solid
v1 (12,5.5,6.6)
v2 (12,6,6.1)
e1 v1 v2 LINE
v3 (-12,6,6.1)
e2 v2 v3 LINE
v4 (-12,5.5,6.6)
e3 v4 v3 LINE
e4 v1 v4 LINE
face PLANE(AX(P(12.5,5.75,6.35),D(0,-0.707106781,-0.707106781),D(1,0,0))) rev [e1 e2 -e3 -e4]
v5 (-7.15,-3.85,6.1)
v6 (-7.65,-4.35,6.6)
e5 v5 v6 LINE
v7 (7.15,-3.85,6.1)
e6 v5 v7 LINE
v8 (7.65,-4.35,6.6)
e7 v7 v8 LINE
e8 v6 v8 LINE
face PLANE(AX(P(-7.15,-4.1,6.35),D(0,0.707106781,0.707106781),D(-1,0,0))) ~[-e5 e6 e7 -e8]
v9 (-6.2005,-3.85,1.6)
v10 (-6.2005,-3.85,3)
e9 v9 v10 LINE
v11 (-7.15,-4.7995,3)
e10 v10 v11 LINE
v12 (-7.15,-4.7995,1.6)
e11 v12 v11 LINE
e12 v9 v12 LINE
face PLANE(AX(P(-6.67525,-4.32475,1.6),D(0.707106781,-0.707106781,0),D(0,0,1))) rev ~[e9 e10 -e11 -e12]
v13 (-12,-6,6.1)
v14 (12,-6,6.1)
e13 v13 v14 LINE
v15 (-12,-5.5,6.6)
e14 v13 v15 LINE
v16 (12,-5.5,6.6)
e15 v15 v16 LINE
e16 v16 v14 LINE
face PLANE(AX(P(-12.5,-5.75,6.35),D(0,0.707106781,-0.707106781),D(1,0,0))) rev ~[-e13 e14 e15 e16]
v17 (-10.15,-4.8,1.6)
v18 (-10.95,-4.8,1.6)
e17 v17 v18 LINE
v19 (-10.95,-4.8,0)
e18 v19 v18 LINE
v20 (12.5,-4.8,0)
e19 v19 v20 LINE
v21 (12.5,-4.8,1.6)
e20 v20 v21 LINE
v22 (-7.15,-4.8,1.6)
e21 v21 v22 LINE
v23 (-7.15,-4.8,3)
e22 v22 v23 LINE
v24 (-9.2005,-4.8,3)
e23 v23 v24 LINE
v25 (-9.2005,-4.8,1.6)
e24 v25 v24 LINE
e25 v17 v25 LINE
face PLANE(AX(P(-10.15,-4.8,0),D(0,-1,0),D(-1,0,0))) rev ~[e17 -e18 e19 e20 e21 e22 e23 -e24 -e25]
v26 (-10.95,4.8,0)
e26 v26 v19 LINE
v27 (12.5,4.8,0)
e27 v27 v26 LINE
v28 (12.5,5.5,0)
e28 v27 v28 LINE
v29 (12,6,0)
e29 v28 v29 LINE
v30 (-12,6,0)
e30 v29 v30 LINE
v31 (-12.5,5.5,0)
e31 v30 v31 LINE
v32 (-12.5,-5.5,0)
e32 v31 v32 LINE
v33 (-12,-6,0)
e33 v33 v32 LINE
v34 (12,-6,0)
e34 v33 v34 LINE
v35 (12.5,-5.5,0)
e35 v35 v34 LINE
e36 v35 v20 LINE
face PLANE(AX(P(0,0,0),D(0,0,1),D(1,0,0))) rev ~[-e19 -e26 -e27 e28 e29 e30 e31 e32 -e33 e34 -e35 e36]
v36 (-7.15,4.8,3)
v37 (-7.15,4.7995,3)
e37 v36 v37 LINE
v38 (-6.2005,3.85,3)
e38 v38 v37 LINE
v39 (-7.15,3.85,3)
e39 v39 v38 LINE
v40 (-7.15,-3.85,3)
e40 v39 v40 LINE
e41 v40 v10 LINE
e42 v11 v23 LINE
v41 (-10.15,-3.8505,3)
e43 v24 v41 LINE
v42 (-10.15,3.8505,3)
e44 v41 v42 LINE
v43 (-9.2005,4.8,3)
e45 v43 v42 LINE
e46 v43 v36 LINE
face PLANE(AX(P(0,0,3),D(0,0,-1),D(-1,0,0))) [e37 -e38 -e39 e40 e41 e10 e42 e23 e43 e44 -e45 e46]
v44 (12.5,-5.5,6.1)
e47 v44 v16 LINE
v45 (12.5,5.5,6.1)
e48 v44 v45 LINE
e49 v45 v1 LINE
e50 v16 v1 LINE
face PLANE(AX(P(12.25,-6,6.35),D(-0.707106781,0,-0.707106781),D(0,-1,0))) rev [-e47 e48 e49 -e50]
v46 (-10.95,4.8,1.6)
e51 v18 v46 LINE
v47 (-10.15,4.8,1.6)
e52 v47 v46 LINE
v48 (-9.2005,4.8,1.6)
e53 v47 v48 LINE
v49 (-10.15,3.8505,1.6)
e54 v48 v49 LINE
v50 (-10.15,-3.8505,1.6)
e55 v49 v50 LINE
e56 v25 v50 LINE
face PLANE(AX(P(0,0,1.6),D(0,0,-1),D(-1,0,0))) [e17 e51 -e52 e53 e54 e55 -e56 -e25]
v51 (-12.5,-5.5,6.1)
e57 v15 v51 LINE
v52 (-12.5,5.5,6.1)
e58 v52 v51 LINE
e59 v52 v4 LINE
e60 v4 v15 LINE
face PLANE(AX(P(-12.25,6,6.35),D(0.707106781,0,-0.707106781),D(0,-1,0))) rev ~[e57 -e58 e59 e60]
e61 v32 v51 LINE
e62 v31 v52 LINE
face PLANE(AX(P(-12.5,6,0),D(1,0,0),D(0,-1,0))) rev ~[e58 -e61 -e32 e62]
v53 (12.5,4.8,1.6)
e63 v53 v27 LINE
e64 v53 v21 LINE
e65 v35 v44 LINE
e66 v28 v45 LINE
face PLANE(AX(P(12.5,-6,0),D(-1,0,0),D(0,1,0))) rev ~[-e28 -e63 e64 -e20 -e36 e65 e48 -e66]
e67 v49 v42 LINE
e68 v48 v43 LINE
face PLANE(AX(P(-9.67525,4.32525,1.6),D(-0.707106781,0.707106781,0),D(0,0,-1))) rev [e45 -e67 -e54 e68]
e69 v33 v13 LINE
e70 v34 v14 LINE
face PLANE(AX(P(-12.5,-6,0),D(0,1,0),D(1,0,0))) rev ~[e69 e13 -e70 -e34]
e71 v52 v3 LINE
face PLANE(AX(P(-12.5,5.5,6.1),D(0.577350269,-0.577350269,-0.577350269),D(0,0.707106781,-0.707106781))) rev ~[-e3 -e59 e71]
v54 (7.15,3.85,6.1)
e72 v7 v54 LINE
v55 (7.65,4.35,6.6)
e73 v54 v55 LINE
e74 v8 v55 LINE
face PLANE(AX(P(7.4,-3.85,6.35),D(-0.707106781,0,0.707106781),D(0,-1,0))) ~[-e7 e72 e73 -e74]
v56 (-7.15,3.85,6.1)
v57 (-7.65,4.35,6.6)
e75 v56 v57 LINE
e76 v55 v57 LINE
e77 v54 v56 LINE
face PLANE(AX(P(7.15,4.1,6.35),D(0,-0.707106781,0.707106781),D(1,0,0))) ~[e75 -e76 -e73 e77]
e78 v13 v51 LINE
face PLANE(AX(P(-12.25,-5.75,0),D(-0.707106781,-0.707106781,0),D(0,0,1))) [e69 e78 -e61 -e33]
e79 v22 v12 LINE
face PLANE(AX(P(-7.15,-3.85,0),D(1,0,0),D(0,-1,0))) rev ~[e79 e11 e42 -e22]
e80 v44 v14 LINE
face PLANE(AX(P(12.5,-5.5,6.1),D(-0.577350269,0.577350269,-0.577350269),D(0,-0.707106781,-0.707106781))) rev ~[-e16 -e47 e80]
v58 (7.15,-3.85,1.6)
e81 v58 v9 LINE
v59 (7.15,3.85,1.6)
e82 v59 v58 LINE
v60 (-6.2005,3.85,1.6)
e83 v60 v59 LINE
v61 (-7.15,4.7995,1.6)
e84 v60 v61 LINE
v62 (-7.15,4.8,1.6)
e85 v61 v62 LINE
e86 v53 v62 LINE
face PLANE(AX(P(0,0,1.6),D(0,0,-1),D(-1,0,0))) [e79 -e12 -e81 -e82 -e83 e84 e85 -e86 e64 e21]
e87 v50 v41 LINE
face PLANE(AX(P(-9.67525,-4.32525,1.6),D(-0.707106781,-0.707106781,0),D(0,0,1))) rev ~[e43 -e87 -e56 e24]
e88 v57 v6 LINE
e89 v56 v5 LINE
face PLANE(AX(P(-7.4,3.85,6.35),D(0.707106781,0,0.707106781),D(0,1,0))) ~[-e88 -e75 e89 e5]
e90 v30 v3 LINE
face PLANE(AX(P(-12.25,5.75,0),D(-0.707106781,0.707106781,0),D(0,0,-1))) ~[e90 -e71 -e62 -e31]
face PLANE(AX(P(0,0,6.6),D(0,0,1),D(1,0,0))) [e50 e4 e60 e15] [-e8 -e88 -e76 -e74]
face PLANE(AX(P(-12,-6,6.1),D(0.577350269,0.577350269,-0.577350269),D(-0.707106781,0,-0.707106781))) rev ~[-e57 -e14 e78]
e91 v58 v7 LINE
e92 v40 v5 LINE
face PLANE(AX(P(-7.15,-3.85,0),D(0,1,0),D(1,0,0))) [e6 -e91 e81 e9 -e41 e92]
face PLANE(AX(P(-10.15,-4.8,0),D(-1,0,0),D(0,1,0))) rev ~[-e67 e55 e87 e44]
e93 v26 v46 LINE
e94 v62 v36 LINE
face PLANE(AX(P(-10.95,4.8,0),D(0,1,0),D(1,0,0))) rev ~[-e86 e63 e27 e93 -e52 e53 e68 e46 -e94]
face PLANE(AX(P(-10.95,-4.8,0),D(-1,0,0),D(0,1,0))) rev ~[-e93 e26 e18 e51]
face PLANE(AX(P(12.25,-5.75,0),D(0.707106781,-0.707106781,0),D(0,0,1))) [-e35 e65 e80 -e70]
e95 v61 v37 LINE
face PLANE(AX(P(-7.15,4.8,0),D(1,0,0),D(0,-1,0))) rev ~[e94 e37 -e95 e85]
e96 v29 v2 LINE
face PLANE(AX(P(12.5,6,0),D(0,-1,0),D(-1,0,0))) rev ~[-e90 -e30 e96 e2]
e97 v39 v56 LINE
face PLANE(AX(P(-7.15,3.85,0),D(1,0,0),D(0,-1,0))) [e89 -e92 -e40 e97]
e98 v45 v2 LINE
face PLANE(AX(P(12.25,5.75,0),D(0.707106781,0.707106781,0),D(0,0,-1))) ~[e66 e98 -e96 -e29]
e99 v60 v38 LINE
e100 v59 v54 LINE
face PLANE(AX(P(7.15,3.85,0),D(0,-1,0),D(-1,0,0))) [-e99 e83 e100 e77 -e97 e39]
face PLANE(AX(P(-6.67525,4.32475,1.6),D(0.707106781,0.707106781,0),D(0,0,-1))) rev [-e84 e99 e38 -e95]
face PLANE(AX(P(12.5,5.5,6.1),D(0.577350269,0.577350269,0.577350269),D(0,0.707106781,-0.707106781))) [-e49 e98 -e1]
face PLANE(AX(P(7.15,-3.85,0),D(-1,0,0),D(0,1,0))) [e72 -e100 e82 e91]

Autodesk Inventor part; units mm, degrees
ref_plane "YZ Plane" through (0, 0, 0) normal (1, 0, 0) x (0, 1, 0)
ref_plane "XZ Plane" through (0, 0, 0) normal (0, 1, 0) x (-1, 0, 0)
ref_plane "XY Plane" through (0, 0, 0) normal (0, 0, 1) x (1, 0, 0)
sketch "Sketch1" plane through (0, 0, 0) normal (0, 0, 1) x (1, 0, 0)
  line L0 (-7.15, -3.85) -> (7.15, -3.85)
  line L1 (7.15, -3.85) -> (7.15, 3.85)
  line L2 (7.15, 3.85) -> (-7.15, 3.85)
  line L3 (-7.15, 3.85) -> (-7.15, -3.85)
  line L4 (-7.15, -3.85) -> (7.15, 3.85) construction
  line L5 (7.15, -3.85) -> (-7.15, 3.85) construction
  line L6 (-12.5, -6) -> (12.5, -6)
  line L7 (12.5, -6) -> (12.5, 6)
  line L8 (12.5, 6) -> (-12.5, 6)
  line L9 (-12.5, 6) -> (-12.5, -6)
  line L10 (-12.5, -6) -> (12.5, 6) construction
  line L11 (12.5, -6) -> (-12.5, 6) construction
  point P0 (0, 0)
  dimension "d0" = 7.7
  dimension "d1" = 14.3
  dimension "d3" = 12
  dimension "d4" = 25
extrude "Extrusion1" add sketch "Sketch1" along normal blind 6.6
sketch "Sketch2" plane through (0, 0, 0) normal (0, 0, -1) x (-1, 0, 0)
  line L0 (10.15, 4.8) -> (7.15, 4.8)
  line L1 (7.15, 4.8) -> (7.15, -4.8)
  line L2 (7.15, -4.8) -> (10.15, -4.8)
  line L3 (10.15, -4.8) -> (10.15, 4.8)
  line L4 (7.15, 3.85) -> (-7.15, 3.85) projected
  line L5 (-7.15, -3.85) -> (7.15, -3.85) projected
  point P0 (0, 0)
  dimension "d8" = 3
  dimension "d18" = 9.6
  dimension "d19" = 0.95
extrude "Extrusion2" cut sketch "Sketch2" against normal blind 3
sketch "Sketch3" plane through (0, 0, 0) normal (0, 0, -1) x (-1, 0, 0)
  line L0 (17.5, 0) -> (-17.5, 0) projected
  line L1 (-12.65, -4.8) -> (10.95, -4.8)
  line L2 (10.95, -4.8) -> (10.95, 4.8)
  line L3 (10.95, 4.8) -> (-12.65, 4.8)
  line L4 (-12.65, 4.8) -> (-12.65, -4.8)
  line L5 (-12.65, -4.8) -> (10.95, 4.8) construction
  line L6 (10.95, -4.8) -> (-12.65, 4.8) construction
  line L7 (-7.15, 3.85) -> (-7.15, -3.85) projected
  line L8 (7.15, -3.85) -> (7.15, 3.85) projected
  line L9 (10.15, 4.8) -> (10.15, -4.8) projected
  point P0 (0, 0)
  point P1 (-0.85, 0)
  dimension "d13" = 5.5
  dimension "d14" = 3.8
  dimension "d15" = 9.6
extrude "Extrusion3" cut sketch "Sketch3" against normal blind 1.6
chamfer "Chamfer1" distance 0.95 angle 45 4 edges at (-7.15, 3.85, 2.3) (-7.15, -3.85, 2.3) (-10.15, -4.8, 2.3) (-10.15, 4.8, 2.3)
chamfer "Chamfer2" distance 0.5 angle 45 12 edges at (0, 3.85, 6.6) (-7.15, 0, 6.6) (0, 6, 6.6) (-12.5, 0, 6.6) (0, -6, 6.6) (12.5, 0, 6.6) (7.15, 0, 6.6) (0, -3.85, 6.6) (-12.5, 6, 3.3) (12.5, 6, 3.3) (12.5, -6, 3.3) (-12.5, -6, 3.3)
